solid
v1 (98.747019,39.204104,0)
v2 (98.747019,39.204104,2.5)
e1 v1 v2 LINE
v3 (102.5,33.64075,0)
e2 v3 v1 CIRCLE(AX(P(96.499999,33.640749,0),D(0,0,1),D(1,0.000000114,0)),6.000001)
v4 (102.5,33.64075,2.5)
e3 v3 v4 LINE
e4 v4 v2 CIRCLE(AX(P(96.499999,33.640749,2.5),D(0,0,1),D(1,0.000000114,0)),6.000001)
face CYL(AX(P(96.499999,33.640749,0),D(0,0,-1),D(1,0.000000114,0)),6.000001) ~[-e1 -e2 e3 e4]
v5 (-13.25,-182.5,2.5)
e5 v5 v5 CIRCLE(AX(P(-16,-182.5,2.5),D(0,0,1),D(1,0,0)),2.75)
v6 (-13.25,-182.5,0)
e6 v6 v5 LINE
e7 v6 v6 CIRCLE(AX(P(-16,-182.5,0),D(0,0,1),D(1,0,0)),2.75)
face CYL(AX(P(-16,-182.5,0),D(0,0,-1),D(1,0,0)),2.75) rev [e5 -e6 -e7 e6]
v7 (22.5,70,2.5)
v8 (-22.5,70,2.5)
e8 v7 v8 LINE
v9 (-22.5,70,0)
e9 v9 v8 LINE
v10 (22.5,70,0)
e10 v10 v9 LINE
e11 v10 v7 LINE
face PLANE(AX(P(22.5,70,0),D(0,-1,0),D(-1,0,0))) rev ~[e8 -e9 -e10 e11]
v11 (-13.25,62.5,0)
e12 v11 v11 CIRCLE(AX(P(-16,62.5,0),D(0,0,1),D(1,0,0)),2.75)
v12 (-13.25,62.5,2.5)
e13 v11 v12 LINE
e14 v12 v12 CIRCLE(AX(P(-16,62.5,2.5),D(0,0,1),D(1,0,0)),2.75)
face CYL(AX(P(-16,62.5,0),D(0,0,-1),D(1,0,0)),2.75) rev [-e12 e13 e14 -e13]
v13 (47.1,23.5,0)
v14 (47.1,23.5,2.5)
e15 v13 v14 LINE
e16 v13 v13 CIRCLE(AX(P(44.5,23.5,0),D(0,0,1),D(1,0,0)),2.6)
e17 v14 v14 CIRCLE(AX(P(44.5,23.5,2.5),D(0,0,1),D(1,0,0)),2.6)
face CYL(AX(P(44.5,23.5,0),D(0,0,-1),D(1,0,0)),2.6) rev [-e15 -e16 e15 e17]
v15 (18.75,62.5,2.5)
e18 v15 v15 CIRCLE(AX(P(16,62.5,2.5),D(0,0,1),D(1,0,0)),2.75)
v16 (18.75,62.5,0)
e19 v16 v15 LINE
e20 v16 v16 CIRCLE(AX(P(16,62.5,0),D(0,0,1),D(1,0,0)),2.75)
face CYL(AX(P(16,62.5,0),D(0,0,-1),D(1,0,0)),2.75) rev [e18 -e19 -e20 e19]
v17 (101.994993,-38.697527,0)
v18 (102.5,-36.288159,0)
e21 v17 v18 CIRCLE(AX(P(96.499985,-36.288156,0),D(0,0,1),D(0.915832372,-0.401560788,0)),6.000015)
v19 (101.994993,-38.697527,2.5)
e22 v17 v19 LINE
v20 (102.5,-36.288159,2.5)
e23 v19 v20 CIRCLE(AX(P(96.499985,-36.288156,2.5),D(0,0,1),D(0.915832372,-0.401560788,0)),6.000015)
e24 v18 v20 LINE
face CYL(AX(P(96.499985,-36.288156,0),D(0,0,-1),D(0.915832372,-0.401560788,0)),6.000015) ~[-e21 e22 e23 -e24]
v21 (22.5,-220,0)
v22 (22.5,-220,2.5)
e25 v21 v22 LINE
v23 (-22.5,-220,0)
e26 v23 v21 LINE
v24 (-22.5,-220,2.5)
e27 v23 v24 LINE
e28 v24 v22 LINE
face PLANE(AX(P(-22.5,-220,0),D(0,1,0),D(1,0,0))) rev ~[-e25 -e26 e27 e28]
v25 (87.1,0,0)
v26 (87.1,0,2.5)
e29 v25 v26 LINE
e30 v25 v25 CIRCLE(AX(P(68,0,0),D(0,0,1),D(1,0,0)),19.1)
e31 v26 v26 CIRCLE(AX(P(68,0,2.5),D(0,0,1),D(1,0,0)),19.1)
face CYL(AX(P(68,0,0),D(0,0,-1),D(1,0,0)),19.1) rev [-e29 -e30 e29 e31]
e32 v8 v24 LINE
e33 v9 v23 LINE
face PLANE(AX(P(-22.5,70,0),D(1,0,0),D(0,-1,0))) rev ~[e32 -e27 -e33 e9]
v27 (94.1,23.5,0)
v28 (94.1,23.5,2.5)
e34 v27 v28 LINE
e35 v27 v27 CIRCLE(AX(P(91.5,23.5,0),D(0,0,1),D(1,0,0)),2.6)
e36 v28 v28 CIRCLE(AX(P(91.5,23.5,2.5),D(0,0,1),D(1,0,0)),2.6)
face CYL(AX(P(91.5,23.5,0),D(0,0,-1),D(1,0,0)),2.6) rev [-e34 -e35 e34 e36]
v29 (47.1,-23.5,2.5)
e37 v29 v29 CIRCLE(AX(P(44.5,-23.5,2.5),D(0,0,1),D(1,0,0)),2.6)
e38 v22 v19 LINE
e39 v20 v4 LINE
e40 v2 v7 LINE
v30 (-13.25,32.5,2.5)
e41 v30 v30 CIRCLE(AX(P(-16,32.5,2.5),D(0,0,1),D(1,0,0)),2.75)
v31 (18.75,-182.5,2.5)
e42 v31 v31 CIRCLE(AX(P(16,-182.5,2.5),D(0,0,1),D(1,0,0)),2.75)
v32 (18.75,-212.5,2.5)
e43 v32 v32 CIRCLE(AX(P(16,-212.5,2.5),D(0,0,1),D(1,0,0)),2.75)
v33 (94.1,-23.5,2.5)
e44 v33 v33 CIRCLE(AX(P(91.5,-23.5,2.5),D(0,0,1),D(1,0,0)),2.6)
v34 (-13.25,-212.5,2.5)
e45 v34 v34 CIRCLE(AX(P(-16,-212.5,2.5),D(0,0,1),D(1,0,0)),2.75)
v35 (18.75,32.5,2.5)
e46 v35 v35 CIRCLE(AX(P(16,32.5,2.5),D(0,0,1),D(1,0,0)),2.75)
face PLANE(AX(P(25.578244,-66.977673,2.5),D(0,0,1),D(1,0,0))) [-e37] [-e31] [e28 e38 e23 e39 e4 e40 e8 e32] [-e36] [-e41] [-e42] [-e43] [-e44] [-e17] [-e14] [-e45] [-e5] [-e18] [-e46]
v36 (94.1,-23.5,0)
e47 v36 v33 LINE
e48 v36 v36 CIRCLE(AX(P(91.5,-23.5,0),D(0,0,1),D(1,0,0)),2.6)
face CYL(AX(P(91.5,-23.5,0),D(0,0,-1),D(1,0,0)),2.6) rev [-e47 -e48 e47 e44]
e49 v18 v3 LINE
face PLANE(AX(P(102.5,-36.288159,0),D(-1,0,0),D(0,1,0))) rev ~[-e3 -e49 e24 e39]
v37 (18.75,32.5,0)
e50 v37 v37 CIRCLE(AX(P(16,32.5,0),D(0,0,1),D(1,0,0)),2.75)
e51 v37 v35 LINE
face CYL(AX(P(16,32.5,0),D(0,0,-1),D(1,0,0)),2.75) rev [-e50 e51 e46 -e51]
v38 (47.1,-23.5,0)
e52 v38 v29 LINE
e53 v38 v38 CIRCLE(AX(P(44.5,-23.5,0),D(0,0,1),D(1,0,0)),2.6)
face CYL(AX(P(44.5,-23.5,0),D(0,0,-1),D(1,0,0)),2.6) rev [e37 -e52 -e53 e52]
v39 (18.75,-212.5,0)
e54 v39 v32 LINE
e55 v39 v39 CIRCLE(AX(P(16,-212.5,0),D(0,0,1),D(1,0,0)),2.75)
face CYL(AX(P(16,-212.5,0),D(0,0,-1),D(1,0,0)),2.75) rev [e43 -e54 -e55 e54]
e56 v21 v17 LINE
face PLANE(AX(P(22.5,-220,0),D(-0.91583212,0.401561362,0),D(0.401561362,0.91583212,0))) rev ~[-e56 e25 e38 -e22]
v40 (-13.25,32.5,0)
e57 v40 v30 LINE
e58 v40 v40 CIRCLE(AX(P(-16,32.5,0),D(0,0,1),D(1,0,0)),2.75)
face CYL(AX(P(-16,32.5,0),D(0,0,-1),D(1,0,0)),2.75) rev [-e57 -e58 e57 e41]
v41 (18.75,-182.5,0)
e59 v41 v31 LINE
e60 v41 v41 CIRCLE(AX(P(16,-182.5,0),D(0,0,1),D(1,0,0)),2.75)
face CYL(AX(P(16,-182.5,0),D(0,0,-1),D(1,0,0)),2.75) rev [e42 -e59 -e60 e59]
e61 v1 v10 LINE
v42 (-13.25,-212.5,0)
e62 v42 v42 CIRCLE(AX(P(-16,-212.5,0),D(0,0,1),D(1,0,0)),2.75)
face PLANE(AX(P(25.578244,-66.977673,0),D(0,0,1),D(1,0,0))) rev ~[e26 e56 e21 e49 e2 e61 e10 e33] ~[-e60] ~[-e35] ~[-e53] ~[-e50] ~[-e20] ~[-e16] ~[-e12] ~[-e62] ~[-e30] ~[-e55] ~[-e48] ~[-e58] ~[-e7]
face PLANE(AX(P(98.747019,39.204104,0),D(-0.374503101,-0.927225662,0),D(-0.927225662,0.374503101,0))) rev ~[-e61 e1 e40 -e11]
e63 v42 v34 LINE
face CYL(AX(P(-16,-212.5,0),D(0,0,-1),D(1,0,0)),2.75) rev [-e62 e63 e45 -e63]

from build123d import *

# Parameters (mm, degrees)
F4_DEPTH = 2.5
F3_R     = 2.75
F1_R     = 19.1
F1_R_2   = 2.6
F2_R     = 2.75
F5_DEPTH = 2.5


with BuildPart() as f4:
    # F0 (on Top) → F4 (new body)
    with BuildSketch(Plane.XY):
        with BuildLine():
            Line((22.5, 70), (0, 70))
            Line((0, 70), (-22.5, 70))
            Line((-22.5, 70), (-22.5, 0))
            Line((-22.5, 0), (-22.5, -220))
            Line((-22.5, -220), (22.5, -220))
            Line((22.5, -220), (101.994993, -38.697527))
            ThreePointArc((101.994993, -38.697527), (102.372391, -37.519021), (102.5, -36.288159))
            Line((102.5, -36.288159), (102.5, 33.64075))
            ThreePointArc((102.5, 33.64075), (101.474038, 36.996185), (98.747019, 39.204104))
            Line((98.747019, 39.204104), (22.5, 70))
        make_face()
    extrude(amount=F4_DEPTH)

    # F3 (on Top) + F1 (on Top) + F2 (on Top) → F5 (cut)
    with BuildSketch(Plane.XY):
        with Locations((-16, -212.5)):
            Circle(F3_R)
        with Locations((-16, -182.5)):
            Circle(F3_R)
        with Locations((16, -212.5)):
            Circle(F3_R)
        with Locations((16, -182.5)):
            Circle(F3_R)
    with BuildSketch(Plane.XY):
        with Locations((68, 0)):
            Circle(F1_R)
        with Locations((44.5, 23.5)):
            Circle(F1_R_2)
        with Locations((44.5, -23.5)):
            Circle(F1_R_2)
        with Locations((91.5, 23.5)):
            Circle(F1_R_2)
        with Locations((91.5, -23.5)):
            Circle(F1_R_2)
    with BuildSketch(Plane.XY):
        with Locations((-16, 62.5)):
            Circle(F2_R)
        with Locations((-16, 32.5)):
            Circle(F2_R)
        with Locations((16, 62.5)):
            Circle(F2_R)
        with Locations((16, 32.5)):
            Circle(F2_R)
    extrude(amount=F5_DEPTH, mode=Mode.SUBTRACT)


solid = f4.part
